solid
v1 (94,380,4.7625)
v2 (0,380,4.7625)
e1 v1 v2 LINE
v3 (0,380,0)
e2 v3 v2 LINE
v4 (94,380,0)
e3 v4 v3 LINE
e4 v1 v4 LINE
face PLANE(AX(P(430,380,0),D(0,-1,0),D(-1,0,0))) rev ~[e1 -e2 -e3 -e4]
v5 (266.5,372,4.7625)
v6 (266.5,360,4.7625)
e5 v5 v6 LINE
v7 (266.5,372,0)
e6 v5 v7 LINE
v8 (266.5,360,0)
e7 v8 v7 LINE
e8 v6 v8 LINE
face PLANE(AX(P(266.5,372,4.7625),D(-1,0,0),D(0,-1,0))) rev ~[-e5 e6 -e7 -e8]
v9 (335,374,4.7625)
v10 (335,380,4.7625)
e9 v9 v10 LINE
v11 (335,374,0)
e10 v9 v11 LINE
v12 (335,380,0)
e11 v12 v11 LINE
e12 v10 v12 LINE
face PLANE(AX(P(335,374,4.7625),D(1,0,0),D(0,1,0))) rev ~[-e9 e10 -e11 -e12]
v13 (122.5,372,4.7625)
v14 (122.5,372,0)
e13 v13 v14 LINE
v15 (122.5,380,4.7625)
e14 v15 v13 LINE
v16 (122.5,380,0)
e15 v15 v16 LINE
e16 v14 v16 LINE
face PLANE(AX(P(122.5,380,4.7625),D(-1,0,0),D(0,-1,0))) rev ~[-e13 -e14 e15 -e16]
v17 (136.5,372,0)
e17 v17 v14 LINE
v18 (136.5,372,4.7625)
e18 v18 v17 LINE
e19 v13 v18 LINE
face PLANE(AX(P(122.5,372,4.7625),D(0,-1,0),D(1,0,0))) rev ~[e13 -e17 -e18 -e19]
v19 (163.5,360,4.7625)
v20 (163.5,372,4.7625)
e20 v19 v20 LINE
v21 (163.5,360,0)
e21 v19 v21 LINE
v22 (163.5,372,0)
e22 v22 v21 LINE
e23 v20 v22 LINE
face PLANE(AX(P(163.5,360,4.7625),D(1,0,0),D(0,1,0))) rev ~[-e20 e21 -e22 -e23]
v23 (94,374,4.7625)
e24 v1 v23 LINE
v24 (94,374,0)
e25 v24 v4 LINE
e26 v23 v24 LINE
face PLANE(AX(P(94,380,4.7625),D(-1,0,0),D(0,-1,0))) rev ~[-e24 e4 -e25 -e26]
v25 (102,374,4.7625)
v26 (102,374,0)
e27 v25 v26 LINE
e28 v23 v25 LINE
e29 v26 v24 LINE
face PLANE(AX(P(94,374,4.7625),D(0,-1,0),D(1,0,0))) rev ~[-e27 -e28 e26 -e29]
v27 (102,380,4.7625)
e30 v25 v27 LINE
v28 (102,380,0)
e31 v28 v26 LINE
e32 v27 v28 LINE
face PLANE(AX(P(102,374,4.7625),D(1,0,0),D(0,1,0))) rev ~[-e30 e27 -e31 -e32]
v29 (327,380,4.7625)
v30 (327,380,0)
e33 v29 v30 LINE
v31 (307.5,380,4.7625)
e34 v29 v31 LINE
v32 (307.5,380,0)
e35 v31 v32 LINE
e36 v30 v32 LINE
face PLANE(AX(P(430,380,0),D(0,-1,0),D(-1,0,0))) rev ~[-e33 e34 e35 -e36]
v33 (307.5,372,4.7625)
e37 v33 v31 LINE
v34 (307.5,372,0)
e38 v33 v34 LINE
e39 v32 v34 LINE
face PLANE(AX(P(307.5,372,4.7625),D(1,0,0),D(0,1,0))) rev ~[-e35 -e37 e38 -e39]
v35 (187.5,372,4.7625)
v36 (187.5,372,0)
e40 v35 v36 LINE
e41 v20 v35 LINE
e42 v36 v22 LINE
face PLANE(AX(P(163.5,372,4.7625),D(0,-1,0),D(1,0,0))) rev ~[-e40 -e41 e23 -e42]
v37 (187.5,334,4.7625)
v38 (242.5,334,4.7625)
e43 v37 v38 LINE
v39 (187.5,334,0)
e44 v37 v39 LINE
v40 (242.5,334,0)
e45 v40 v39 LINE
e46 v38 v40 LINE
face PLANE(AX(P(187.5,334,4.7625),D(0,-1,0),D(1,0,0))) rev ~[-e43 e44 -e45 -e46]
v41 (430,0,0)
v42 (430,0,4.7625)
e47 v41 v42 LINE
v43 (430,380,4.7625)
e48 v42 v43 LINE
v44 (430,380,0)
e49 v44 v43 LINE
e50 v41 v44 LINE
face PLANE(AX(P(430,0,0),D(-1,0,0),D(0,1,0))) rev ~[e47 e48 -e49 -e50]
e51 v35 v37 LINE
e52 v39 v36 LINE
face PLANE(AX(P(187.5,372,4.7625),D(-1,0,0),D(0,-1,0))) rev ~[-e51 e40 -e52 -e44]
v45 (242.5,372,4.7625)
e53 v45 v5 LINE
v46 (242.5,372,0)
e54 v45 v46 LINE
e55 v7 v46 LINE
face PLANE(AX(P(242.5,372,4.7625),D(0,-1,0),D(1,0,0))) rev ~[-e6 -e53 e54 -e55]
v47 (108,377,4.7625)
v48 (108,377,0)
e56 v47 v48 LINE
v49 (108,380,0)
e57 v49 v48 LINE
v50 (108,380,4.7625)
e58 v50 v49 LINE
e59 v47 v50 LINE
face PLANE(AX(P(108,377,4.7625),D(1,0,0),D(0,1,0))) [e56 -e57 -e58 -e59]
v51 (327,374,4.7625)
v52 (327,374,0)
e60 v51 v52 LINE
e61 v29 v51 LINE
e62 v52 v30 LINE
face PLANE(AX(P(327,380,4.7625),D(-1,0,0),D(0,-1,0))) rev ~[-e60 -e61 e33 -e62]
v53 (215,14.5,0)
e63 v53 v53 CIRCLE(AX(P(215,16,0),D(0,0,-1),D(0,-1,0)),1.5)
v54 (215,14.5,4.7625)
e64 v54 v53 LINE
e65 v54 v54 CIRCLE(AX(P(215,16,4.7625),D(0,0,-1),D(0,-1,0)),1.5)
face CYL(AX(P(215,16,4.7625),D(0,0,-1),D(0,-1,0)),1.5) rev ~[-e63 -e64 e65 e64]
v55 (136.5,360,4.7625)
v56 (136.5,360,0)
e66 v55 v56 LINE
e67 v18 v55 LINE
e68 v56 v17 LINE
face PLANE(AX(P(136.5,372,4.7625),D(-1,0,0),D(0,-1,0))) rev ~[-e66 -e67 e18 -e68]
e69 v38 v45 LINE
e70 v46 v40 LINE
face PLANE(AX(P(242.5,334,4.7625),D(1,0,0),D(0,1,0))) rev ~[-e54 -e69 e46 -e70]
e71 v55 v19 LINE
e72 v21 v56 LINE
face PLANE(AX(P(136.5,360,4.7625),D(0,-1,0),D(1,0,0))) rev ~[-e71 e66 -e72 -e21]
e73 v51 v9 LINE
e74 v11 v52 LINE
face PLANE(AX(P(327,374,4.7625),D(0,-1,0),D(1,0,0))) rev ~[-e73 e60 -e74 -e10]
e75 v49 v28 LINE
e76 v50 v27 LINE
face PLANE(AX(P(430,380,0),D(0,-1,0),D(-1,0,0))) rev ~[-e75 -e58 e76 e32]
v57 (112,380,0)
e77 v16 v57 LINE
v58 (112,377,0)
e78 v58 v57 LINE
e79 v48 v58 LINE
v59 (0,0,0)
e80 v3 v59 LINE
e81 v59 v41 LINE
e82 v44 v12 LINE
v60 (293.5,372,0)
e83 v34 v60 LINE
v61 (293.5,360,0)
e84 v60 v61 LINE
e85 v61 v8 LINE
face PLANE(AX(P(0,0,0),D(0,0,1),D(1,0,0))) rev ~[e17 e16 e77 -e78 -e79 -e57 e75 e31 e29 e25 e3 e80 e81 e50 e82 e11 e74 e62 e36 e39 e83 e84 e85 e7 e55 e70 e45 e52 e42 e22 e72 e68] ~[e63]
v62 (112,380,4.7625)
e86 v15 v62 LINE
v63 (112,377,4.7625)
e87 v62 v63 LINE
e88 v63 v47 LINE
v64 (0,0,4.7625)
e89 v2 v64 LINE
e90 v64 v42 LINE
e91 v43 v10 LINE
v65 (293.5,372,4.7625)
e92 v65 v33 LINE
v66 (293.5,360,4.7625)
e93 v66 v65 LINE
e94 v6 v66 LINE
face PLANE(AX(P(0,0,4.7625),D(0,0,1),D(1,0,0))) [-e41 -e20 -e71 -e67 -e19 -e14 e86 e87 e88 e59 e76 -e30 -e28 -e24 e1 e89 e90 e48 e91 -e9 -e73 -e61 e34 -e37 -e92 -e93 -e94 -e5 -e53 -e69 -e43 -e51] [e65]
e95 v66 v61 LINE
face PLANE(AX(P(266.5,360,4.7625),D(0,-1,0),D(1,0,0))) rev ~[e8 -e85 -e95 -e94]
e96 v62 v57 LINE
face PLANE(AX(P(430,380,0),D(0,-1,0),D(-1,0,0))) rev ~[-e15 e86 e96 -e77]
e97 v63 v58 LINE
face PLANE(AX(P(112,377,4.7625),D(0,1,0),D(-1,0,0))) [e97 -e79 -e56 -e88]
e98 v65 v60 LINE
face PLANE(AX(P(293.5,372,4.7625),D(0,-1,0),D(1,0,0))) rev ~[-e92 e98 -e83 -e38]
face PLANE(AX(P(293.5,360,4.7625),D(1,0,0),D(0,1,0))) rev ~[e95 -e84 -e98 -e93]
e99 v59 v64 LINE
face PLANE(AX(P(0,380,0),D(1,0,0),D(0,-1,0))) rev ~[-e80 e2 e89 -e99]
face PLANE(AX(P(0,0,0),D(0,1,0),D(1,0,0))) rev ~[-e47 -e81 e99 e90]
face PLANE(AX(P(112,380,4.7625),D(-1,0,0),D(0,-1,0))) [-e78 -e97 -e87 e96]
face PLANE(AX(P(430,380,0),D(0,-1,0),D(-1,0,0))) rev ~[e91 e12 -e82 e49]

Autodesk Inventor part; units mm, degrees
ref_plane "YZ Plane" through (0, 0, 0) normal (1, 0, 0) x (0, 1, 0)
ref_plane "XZ Plane" through (0, 0, 0) normal (0, 1, 0) x (-1, 0, 0)
ref_plane "XY Plane" through (0, 0, 0) normal (0, 0, 1) x (1, 0, 0)
sketch "Sketch1" plane through (0, 0, 0) normal (0, 0, 1) x (1, 0, 0)
  line L0 (0, 0) -> (430, 0)
  line L1 (430, 0) -> (430, 380)
  line L2 (430, 380) -> (0, 380)
  line L3 (0, 380) -> (0, 0)
  dimension "d0" = 430
  dimension "d1" = 380
extrude "Extrusion1" add sketch "Sketch1" along normal blind 4.7625
sketch "Sketch2" plane through (0, 0, 4.7625) normal (0, 0, 1) x (1, 0, 0)
  line L0 (0, 0) -> (430, 0) projected
  line L1 (430, 0) -> (430, 380) projected
  point P0 (215, 16)
  dimension "d8" = 215
  dimension "d33" = 16
hole "Hole1" at (215, 16, 4.7625) direction (0, 0, -1) diameter 3 end through all
sketch "Sketch4" plane through (0, 0, 4.7625) normal (0, 0, 1) x (1, 0, 0)
  line L0 (430, 380) -> (0, 380) projected
  line L1 (122.5, 380) -> (122.5, 372)
  line L2 (122.5, 372) -> (136.5, 372)
  line L3 (136.5, 372) -> (136.5, 360)
  line L4 (136.5, 360) -> (163.5, 360)
  line L5 (163.5, 360) -> (163.5, 372)
  line L6 (163.5, 372) -> (187.5, 372)
  line L7 (187.5, 372) -> (187.5, 334)
  line L8 (187.5, 334) -> (242.5, 334)
  line L9 (242.5, 334) -> (242.5, 372)
  line L10 (242.5, 372) -> (266.5, 372)
  line L11 (266.5, 372) -> (266.5, 360)
  line L12 (266.5, 360) -> (293.5, 360)
  line L13 (293.5, 360) -> (293.5, 372)
  line L14 (293.5, 372) -> (307.5, 372)
  line L15 (307.5, 372) -> (307.5, 380)
  point P0 (215, 380)
  point P1 (215, 334)
  dimension "d20" = 14
  dimension "d21" = 8
  dimension "d22" = 12
  dimension "d23" = 14
  dimension "d24" = 27
  dimension "d25" = 27
  dimension "d26" = 24
  dimension "d27" = 38
  dimension "d28" = 24
  dimension "d31" = 55
extrude "Extrusion2" cut sketch "Sketch4" against normal up to next
sketch "Sketch5" plane through (0, 0, 4.7625) normal (0, 0, 1) x (1, 0, 0)
  line L0 (122.5, 380) -> (0, 380) projected
  line L1 (0, 380) -> (0, 0) projected
  line L2 (430, 0) -> (430, 380) projected
  line L3 (430, 380) -> (307.5, 380) projected
  line L4 (94, 380) -> (94, 374)
  line L5 (94, 374) -> (102, 374)
  line L6 (102, 374) -> (102, 380)
  line L7 (327, 380) -> (327, 374)
  line L8 (327, 374) -> (335, 374)
  line L9 (335, 374) -> (335, 380)
  dimension "d36" = 8
  dimension "d37" = 94
  dimension "d38" = 6
  dimension "d39" = 95
extrude "Extrusion3" cut sketch "Sketch5" against normal up to next
sketch "Sketch6" plane through (0, 0, 4.7625) normal (0, 0, 1) x (1, 0, 0)
  line L0 (102, 380) -> (102, 374) projected
  line L1 (122.5, 380) -> (102, 380) projected
  line L2 (108, 380) -> (112, 380)
  line L3 (112, 380) -> (112, 377)
  line L4 (112, 377) -> (108, 377)
  line L5 (108, 377) -> (108, 380)
  dimension "d46" = 4
  dimension "d47" = 3
  dimension "d48" = 6
extrude "Extrusion4" cut sketch "Sketch6" against normal up to next
properties part number "ElectronicsTopPanel" material "ABS Plastic"
